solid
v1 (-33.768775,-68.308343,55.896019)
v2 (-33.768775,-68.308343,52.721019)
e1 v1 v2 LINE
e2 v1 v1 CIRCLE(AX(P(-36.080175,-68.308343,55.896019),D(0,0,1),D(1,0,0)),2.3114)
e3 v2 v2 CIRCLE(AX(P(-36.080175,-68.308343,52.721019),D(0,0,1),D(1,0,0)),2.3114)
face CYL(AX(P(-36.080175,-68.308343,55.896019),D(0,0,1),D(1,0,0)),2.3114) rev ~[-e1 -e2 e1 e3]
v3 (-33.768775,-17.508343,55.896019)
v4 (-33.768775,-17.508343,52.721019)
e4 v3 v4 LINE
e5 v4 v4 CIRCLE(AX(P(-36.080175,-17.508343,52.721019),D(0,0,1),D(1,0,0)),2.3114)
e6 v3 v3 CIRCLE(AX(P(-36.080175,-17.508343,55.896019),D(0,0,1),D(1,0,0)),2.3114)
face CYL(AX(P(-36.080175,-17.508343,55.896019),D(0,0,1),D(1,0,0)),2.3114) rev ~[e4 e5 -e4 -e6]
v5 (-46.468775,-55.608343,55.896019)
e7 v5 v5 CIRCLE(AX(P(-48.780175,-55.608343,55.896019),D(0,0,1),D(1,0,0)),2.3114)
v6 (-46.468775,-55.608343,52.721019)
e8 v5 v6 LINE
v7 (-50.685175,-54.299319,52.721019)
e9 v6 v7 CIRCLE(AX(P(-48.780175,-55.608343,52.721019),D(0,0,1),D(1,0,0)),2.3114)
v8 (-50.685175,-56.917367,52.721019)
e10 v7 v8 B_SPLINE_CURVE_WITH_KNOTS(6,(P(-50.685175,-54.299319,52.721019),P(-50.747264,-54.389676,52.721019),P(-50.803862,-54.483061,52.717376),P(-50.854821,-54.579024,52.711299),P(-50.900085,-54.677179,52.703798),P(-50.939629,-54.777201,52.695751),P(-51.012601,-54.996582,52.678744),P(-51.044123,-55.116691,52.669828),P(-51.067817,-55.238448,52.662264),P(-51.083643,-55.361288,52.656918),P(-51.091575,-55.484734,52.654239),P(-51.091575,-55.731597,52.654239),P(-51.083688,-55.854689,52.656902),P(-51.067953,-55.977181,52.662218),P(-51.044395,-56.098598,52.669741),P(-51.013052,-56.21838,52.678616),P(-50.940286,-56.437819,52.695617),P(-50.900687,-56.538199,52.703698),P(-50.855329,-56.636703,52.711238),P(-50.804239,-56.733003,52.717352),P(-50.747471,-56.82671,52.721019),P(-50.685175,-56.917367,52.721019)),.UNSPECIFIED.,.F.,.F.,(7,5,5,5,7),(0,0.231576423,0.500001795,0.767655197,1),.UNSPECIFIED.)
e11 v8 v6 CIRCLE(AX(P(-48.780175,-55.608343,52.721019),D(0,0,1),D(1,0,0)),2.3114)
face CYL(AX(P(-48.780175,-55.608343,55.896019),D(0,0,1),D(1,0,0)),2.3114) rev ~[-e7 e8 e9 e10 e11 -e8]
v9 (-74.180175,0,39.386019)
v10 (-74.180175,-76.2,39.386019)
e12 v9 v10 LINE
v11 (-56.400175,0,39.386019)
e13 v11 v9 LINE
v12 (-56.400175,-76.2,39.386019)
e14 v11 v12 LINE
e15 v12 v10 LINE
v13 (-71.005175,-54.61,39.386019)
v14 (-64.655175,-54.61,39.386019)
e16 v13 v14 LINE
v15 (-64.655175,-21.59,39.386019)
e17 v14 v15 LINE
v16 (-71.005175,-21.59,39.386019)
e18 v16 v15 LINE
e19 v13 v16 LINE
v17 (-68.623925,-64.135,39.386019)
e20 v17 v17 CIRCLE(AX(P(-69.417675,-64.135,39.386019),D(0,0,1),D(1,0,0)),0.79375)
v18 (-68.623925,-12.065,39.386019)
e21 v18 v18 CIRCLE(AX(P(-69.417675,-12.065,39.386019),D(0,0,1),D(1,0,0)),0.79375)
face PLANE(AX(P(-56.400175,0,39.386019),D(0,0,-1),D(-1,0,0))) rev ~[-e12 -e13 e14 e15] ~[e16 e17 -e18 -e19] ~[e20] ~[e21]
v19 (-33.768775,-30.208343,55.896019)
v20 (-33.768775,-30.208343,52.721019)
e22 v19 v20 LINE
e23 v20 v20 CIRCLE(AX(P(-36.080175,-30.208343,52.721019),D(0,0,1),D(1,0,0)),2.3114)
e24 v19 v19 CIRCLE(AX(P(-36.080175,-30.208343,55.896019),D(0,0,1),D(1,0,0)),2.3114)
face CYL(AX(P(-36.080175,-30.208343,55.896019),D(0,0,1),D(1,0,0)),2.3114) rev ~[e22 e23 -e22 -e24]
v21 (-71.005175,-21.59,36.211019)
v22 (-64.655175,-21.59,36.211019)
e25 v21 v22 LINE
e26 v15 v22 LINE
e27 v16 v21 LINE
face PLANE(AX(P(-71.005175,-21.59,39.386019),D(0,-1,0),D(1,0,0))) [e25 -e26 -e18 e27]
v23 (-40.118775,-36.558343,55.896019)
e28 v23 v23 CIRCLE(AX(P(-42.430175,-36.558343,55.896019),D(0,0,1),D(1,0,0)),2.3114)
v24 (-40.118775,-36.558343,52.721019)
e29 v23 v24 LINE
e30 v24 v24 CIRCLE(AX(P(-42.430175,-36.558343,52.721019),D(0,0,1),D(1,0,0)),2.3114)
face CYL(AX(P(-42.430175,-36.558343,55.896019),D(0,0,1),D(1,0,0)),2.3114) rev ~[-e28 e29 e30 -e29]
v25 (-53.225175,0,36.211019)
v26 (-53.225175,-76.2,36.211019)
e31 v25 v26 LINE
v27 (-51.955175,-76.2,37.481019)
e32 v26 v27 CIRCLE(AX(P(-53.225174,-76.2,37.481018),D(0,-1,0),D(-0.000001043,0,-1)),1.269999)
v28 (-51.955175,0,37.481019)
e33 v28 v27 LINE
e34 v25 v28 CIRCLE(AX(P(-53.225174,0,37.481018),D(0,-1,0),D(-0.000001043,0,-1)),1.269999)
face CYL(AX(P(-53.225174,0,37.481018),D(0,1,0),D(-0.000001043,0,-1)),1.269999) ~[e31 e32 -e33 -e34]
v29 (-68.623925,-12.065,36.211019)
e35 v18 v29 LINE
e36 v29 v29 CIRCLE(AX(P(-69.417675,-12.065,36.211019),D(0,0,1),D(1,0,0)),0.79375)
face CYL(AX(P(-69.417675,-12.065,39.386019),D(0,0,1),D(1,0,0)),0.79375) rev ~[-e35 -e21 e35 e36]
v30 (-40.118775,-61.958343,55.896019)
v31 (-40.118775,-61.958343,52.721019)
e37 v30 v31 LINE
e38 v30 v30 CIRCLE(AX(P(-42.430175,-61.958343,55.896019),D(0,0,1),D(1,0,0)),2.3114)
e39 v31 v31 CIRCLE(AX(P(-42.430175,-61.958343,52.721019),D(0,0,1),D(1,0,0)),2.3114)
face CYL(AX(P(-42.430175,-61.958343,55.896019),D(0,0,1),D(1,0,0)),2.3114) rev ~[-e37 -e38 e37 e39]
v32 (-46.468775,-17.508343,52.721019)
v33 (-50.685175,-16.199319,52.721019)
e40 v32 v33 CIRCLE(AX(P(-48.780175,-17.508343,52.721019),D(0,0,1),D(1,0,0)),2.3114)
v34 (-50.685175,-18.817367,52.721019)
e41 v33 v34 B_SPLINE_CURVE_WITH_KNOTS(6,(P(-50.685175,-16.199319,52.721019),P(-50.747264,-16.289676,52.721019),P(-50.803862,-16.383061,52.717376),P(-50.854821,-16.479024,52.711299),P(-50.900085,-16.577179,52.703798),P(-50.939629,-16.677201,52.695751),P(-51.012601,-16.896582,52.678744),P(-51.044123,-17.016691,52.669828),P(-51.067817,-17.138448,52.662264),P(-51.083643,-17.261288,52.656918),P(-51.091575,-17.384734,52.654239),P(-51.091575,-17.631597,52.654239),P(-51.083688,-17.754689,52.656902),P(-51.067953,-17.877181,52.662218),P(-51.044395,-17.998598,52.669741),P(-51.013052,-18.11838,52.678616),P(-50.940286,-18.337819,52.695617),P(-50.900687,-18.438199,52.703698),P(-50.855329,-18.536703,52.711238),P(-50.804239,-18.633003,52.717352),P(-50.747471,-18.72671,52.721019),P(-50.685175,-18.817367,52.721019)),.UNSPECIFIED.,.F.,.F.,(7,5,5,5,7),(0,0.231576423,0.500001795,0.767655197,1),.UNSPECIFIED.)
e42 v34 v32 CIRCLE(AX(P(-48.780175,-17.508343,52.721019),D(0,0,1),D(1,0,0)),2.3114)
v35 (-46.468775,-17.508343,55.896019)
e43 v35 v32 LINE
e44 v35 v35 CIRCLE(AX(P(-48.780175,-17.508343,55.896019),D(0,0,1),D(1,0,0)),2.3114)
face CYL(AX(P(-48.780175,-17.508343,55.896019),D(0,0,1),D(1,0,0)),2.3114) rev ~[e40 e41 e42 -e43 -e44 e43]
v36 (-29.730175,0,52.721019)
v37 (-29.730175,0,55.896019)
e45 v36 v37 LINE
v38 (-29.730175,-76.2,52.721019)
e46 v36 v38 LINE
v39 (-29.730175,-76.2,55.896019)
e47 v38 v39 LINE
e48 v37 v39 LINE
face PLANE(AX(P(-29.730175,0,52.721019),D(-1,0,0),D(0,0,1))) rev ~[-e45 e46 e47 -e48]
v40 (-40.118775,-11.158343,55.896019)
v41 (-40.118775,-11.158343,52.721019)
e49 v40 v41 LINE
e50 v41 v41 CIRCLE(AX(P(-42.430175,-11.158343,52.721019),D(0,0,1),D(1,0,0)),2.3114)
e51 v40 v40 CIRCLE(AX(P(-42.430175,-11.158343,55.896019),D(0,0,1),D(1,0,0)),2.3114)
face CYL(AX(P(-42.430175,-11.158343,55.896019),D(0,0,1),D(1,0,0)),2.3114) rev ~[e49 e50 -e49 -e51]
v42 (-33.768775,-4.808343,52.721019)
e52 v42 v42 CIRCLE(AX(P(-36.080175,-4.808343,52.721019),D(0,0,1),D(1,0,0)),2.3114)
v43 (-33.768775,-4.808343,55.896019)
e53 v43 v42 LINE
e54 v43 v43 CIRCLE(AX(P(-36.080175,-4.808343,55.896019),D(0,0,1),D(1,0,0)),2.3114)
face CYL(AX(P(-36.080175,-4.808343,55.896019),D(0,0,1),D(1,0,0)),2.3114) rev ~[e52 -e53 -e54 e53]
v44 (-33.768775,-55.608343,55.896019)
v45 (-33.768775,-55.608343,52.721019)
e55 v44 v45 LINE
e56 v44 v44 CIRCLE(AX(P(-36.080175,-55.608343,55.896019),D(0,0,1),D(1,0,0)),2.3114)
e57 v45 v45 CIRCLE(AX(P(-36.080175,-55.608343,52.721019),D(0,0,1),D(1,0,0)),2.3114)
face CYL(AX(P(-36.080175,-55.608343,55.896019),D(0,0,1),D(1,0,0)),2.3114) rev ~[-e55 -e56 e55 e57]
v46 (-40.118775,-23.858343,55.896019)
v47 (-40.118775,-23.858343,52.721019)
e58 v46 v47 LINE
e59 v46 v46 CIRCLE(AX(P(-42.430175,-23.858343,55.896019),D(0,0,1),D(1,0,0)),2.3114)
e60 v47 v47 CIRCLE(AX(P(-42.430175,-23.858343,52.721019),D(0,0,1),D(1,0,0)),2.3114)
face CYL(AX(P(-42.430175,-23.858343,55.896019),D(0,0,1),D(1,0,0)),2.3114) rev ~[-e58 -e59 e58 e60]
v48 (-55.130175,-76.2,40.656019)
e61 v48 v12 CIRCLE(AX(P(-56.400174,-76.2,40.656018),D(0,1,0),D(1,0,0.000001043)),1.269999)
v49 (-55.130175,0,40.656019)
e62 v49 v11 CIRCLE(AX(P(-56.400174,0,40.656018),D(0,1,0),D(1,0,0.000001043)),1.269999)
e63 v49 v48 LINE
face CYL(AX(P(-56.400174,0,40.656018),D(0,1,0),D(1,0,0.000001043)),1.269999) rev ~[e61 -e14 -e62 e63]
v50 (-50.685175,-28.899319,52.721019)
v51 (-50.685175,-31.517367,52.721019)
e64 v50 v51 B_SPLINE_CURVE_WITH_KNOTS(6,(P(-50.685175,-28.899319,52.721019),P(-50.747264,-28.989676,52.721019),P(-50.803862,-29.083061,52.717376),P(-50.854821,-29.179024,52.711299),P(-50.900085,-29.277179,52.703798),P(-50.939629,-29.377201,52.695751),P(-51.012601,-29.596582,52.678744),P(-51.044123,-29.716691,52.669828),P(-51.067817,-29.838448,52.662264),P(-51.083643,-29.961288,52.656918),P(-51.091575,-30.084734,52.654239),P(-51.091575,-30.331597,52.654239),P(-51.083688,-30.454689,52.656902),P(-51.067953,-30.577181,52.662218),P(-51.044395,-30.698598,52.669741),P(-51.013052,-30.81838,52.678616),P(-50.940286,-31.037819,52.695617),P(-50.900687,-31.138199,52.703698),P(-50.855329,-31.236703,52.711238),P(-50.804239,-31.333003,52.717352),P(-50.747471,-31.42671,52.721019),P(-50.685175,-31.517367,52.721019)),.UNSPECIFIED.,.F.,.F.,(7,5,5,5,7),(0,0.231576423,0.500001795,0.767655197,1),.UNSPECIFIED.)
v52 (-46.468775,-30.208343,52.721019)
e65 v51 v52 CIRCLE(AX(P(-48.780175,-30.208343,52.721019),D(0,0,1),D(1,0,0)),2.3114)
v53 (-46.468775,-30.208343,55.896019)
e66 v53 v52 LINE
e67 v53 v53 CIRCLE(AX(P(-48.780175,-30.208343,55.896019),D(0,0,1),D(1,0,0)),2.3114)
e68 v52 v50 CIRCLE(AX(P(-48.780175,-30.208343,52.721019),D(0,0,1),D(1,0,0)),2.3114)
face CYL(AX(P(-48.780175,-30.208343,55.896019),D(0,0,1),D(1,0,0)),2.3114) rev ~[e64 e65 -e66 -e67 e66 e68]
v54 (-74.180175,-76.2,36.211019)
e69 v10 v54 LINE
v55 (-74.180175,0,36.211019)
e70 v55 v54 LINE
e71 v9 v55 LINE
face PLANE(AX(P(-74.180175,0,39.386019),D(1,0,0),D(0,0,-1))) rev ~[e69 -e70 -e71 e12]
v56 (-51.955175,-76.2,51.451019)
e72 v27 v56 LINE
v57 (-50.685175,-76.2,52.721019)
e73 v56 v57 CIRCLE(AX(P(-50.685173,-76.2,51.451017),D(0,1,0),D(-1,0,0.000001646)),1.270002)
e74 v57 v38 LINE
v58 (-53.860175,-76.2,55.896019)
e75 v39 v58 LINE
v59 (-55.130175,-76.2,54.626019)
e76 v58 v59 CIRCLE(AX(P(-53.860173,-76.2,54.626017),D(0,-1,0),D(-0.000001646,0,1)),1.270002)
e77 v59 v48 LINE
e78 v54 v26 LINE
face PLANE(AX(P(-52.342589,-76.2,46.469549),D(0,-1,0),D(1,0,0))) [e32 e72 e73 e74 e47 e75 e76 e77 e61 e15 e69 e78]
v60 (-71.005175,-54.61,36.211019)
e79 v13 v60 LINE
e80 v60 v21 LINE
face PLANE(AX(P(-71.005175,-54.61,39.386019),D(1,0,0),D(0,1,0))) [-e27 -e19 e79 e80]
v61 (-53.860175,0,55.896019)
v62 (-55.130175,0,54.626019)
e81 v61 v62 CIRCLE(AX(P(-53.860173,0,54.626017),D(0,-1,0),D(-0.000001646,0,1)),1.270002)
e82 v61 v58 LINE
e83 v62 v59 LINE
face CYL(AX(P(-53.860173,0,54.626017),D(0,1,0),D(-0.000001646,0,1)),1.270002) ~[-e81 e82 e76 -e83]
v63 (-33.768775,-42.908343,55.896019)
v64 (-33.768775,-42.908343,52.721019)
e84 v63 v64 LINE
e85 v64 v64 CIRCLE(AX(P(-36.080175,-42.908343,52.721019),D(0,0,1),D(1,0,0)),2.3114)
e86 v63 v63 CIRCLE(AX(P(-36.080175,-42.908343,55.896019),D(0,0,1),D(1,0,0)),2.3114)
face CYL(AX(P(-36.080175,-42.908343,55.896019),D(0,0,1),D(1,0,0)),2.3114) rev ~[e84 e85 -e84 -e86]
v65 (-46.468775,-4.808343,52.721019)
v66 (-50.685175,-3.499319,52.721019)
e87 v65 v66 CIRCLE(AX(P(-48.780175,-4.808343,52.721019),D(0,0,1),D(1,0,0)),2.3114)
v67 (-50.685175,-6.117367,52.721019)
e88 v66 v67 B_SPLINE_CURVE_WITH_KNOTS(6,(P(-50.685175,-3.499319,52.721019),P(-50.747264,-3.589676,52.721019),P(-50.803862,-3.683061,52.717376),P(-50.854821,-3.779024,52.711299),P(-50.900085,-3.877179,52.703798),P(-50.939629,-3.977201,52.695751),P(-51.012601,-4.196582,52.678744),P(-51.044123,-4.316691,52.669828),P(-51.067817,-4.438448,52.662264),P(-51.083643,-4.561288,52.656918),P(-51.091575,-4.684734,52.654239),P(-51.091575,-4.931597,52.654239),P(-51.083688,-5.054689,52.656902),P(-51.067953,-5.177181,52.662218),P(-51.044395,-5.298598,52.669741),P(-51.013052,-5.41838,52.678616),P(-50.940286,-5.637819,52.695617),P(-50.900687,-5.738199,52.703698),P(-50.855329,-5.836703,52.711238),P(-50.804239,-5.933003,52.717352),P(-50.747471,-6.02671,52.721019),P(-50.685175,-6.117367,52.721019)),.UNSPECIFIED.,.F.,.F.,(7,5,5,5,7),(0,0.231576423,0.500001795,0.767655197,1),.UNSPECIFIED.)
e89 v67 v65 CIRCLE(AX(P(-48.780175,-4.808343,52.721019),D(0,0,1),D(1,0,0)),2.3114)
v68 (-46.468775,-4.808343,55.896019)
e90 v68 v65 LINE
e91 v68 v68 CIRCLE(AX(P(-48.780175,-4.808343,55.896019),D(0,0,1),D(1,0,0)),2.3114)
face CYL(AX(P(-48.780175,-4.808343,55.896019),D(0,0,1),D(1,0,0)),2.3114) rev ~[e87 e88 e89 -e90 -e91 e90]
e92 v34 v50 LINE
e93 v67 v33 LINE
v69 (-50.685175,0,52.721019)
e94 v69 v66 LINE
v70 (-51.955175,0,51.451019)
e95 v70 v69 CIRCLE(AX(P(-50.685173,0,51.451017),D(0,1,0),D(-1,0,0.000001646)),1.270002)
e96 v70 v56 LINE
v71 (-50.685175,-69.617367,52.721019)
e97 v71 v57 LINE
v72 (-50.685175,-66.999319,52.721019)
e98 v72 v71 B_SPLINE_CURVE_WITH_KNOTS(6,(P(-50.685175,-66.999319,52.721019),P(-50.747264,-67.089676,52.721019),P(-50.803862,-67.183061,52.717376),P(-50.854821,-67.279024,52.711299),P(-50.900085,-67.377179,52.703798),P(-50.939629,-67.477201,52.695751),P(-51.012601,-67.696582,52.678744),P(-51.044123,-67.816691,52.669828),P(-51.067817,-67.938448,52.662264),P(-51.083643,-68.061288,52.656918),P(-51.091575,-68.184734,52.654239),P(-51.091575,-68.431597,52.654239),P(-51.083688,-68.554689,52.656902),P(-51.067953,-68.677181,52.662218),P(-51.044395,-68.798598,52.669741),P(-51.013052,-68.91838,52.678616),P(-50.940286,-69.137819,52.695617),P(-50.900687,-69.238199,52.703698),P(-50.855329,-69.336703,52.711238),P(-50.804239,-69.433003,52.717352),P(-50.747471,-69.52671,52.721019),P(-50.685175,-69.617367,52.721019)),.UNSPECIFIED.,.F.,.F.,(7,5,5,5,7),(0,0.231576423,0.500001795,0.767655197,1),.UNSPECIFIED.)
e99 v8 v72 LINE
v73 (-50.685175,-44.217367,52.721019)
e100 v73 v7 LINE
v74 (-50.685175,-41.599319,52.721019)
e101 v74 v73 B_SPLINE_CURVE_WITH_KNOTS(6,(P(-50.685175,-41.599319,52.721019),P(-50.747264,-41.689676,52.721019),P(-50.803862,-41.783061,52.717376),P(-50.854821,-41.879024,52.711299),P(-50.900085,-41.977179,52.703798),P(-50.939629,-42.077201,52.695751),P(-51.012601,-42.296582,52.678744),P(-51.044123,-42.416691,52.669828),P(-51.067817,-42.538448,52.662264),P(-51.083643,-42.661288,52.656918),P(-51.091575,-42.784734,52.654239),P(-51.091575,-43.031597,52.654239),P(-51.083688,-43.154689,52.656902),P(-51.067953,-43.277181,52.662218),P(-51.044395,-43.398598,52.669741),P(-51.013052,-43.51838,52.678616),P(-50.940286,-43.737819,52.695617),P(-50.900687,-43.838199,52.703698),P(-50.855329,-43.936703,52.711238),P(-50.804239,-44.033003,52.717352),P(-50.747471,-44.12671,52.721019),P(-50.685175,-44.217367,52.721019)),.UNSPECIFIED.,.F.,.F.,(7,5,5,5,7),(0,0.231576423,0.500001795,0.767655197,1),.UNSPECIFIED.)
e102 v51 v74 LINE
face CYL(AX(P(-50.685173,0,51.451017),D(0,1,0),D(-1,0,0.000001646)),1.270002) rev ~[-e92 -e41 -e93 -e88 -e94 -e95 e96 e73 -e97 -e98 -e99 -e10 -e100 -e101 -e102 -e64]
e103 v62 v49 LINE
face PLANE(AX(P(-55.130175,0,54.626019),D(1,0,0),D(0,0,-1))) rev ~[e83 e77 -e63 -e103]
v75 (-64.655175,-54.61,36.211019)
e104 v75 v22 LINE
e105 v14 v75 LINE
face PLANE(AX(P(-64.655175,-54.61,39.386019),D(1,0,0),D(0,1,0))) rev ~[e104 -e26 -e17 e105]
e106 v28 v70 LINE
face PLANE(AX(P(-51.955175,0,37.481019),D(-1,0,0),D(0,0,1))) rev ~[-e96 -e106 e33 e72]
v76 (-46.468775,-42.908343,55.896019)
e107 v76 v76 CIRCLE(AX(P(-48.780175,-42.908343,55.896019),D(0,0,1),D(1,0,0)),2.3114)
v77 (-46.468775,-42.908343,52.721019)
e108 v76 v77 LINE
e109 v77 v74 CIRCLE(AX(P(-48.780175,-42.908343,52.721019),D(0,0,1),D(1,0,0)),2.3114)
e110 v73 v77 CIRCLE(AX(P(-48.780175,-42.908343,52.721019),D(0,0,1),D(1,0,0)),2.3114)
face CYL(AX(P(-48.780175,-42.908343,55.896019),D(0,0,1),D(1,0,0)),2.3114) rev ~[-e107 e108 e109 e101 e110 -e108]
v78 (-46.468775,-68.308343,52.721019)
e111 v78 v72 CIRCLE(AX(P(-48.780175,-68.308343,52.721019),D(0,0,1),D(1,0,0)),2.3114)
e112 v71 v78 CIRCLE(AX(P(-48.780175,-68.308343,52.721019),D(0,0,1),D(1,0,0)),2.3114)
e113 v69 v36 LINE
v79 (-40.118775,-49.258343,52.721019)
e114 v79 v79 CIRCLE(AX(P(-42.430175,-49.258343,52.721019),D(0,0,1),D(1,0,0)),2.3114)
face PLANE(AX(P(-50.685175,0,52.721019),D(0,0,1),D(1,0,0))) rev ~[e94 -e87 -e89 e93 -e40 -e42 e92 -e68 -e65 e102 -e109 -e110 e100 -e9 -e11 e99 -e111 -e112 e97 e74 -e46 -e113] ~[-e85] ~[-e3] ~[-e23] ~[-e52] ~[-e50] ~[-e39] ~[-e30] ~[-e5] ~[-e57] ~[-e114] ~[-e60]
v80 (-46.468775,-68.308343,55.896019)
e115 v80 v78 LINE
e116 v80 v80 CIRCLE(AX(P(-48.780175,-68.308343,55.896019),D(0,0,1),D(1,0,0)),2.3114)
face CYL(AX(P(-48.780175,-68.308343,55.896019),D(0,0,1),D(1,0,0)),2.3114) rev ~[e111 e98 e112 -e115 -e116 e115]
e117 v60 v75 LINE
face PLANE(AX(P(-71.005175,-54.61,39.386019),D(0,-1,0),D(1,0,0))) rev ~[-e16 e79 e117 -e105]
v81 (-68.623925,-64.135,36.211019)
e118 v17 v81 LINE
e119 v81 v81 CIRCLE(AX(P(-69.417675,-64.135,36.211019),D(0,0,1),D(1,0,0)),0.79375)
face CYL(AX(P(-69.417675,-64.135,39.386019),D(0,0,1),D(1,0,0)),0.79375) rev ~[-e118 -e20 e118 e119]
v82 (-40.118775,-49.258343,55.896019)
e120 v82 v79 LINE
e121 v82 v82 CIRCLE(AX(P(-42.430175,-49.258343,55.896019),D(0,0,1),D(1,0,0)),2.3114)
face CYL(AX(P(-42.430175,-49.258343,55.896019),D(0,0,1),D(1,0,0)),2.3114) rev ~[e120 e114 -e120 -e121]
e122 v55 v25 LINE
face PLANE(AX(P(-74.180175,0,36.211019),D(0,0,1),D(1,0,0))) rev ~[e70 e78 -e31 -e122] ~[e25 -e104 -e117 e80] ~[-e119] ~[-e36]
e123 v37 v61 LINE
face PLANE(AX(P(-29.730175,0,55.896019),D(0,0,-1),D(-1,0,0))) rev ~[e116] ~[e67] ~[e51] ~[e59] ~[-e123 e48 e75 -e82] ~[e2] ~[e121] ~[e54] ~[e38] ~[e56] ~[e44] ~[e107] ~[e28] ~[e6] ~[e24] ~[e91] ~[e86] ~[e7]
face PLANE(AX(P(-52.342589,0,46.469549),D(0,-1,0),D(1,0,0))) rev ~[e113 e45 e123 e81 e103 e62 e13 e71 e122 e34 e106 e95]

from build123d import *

# Parameters (mm, degrees)
F1_DEPTH = 76.2
F2_R     = 0.79375
F2_W     = 6.35
F2_H     = 33.02
F3_DEPTH = 5.842
F4_R     = 2.3114
F5_DEPTH = 3.81


with BuildPart() as f1:
    # F0 (on Front) → F1 (new body)
    with BuildSketch(Plane.XZ):
        with BuildLine():
            Line((-29.730175, 55.896019), (-53.860175, 55.896019))
            ThreePointArc((-53.860175, 55.896019), (-54.7582, 55.524044), (-55.130175, 54.626019))
            Line((-55.130175, 54.626019), (-55.130175, 52.721019))
            Line((-55.130175, 52.721019), (-55.130175, 40.656019))
            ThreePointArc((-55.130175, 40.656019), (-55.502149, 39.757993), (-56.400175, 39.386019))
            Line((-56.400175, 39.386019), (-74.180175, 39.386019))
            Line((-74.180175, 39.386019), (-74.180175, 36.211019))
            Line((-74.180175, 36.211019), (-55.130175, 36.211019))
            Line((-55.130175, 36.211019), (-53.225175, 36.211019))
            ThreePointArc((-53.225175, 36.211019), (-52.327149, 36.582993), (-51.955175, 37.481019))
            Line((-51.955175, 37.481019), (-51.955175, 51.451019))
            ThreePointArc((-51.955175, 51.451019), (-51.5832, 52.349044), (-50.685175, 52.721019))
            Line((-50.685175, 52.721019), (-29.730175, 52.721019))
            Line((-29.730175, 52.721019), (-29.730175, 55.896019))
        make_face()
    extrude(amount=F1_DEPTH)

    # F2 (on face) → F3 (cut)
    with BuildSketch(Plane.XY.offset(39.386019)):
        with Locations((-69.417675, -64.135)):
            Circle(F2_R)
        with Locations((-67.830175, -38.1)):
            Rectangle(F2_W, F2_H)
        with Locations((-69.417675, -12.065)):
            Circle(F2_R)
    extrude(amount=-F3_DEPTH, mode=Mode.SUBTRACT)

    # F4 (on face) → F5 (cut)
    with BuildSketch(Plane.XY.offset(55.896019)):
        with Locations((-48.780175, -55.608343)):
            Circle(F4_R)
        with Locations((-48.780175, -68.308343)):
            Circle(F4_R)
        with Locations((-42.430175, -61.958343)):
            Circle(F4_R)
        with Locations((-36.080175, -68.308343)):
            Circle(F4_R)
        with Locations((-36.080175, -55.608343)):
            Circle(F4_R)
        with Locations((-36.080175, -42.908343)):
            Circle(F4_R)
        with Locations((-42.430175, -49.258343)):
            Circle(F4_R)
        with Locations((-48.780175, -42.908343)):
            Circle(F4_R)
        with Locations((-42.430175, -36.558343)):
            Circle(F4_R)
        with Locations((-36.080175, -30.208343)):
            Circle(F4_R)
        with Locations((-48.780175, -30.208343)):
            Circle(F4_R)
        with Locations((-42.430175, -23.858343)):
            Circle(F4_R)
        with Locations((-36.080175, -17.508343)):
            Circle(F4_R)
        with Locations((-42.430175, -11.158343)):
            Circle(F4_R)
        with Locations((-48.780175, -17.508343)):
            Circle(F4_R)
        with Locations((-36.080175, -4.808343)):
            Circle(F4_R)
        with Locations((-48.780175, -4.808343)):
            Circle(F4_R)
    extrude(amount=-F5_DEPTH, mode=Mode.SUBTRACT)


solid = f1.part
